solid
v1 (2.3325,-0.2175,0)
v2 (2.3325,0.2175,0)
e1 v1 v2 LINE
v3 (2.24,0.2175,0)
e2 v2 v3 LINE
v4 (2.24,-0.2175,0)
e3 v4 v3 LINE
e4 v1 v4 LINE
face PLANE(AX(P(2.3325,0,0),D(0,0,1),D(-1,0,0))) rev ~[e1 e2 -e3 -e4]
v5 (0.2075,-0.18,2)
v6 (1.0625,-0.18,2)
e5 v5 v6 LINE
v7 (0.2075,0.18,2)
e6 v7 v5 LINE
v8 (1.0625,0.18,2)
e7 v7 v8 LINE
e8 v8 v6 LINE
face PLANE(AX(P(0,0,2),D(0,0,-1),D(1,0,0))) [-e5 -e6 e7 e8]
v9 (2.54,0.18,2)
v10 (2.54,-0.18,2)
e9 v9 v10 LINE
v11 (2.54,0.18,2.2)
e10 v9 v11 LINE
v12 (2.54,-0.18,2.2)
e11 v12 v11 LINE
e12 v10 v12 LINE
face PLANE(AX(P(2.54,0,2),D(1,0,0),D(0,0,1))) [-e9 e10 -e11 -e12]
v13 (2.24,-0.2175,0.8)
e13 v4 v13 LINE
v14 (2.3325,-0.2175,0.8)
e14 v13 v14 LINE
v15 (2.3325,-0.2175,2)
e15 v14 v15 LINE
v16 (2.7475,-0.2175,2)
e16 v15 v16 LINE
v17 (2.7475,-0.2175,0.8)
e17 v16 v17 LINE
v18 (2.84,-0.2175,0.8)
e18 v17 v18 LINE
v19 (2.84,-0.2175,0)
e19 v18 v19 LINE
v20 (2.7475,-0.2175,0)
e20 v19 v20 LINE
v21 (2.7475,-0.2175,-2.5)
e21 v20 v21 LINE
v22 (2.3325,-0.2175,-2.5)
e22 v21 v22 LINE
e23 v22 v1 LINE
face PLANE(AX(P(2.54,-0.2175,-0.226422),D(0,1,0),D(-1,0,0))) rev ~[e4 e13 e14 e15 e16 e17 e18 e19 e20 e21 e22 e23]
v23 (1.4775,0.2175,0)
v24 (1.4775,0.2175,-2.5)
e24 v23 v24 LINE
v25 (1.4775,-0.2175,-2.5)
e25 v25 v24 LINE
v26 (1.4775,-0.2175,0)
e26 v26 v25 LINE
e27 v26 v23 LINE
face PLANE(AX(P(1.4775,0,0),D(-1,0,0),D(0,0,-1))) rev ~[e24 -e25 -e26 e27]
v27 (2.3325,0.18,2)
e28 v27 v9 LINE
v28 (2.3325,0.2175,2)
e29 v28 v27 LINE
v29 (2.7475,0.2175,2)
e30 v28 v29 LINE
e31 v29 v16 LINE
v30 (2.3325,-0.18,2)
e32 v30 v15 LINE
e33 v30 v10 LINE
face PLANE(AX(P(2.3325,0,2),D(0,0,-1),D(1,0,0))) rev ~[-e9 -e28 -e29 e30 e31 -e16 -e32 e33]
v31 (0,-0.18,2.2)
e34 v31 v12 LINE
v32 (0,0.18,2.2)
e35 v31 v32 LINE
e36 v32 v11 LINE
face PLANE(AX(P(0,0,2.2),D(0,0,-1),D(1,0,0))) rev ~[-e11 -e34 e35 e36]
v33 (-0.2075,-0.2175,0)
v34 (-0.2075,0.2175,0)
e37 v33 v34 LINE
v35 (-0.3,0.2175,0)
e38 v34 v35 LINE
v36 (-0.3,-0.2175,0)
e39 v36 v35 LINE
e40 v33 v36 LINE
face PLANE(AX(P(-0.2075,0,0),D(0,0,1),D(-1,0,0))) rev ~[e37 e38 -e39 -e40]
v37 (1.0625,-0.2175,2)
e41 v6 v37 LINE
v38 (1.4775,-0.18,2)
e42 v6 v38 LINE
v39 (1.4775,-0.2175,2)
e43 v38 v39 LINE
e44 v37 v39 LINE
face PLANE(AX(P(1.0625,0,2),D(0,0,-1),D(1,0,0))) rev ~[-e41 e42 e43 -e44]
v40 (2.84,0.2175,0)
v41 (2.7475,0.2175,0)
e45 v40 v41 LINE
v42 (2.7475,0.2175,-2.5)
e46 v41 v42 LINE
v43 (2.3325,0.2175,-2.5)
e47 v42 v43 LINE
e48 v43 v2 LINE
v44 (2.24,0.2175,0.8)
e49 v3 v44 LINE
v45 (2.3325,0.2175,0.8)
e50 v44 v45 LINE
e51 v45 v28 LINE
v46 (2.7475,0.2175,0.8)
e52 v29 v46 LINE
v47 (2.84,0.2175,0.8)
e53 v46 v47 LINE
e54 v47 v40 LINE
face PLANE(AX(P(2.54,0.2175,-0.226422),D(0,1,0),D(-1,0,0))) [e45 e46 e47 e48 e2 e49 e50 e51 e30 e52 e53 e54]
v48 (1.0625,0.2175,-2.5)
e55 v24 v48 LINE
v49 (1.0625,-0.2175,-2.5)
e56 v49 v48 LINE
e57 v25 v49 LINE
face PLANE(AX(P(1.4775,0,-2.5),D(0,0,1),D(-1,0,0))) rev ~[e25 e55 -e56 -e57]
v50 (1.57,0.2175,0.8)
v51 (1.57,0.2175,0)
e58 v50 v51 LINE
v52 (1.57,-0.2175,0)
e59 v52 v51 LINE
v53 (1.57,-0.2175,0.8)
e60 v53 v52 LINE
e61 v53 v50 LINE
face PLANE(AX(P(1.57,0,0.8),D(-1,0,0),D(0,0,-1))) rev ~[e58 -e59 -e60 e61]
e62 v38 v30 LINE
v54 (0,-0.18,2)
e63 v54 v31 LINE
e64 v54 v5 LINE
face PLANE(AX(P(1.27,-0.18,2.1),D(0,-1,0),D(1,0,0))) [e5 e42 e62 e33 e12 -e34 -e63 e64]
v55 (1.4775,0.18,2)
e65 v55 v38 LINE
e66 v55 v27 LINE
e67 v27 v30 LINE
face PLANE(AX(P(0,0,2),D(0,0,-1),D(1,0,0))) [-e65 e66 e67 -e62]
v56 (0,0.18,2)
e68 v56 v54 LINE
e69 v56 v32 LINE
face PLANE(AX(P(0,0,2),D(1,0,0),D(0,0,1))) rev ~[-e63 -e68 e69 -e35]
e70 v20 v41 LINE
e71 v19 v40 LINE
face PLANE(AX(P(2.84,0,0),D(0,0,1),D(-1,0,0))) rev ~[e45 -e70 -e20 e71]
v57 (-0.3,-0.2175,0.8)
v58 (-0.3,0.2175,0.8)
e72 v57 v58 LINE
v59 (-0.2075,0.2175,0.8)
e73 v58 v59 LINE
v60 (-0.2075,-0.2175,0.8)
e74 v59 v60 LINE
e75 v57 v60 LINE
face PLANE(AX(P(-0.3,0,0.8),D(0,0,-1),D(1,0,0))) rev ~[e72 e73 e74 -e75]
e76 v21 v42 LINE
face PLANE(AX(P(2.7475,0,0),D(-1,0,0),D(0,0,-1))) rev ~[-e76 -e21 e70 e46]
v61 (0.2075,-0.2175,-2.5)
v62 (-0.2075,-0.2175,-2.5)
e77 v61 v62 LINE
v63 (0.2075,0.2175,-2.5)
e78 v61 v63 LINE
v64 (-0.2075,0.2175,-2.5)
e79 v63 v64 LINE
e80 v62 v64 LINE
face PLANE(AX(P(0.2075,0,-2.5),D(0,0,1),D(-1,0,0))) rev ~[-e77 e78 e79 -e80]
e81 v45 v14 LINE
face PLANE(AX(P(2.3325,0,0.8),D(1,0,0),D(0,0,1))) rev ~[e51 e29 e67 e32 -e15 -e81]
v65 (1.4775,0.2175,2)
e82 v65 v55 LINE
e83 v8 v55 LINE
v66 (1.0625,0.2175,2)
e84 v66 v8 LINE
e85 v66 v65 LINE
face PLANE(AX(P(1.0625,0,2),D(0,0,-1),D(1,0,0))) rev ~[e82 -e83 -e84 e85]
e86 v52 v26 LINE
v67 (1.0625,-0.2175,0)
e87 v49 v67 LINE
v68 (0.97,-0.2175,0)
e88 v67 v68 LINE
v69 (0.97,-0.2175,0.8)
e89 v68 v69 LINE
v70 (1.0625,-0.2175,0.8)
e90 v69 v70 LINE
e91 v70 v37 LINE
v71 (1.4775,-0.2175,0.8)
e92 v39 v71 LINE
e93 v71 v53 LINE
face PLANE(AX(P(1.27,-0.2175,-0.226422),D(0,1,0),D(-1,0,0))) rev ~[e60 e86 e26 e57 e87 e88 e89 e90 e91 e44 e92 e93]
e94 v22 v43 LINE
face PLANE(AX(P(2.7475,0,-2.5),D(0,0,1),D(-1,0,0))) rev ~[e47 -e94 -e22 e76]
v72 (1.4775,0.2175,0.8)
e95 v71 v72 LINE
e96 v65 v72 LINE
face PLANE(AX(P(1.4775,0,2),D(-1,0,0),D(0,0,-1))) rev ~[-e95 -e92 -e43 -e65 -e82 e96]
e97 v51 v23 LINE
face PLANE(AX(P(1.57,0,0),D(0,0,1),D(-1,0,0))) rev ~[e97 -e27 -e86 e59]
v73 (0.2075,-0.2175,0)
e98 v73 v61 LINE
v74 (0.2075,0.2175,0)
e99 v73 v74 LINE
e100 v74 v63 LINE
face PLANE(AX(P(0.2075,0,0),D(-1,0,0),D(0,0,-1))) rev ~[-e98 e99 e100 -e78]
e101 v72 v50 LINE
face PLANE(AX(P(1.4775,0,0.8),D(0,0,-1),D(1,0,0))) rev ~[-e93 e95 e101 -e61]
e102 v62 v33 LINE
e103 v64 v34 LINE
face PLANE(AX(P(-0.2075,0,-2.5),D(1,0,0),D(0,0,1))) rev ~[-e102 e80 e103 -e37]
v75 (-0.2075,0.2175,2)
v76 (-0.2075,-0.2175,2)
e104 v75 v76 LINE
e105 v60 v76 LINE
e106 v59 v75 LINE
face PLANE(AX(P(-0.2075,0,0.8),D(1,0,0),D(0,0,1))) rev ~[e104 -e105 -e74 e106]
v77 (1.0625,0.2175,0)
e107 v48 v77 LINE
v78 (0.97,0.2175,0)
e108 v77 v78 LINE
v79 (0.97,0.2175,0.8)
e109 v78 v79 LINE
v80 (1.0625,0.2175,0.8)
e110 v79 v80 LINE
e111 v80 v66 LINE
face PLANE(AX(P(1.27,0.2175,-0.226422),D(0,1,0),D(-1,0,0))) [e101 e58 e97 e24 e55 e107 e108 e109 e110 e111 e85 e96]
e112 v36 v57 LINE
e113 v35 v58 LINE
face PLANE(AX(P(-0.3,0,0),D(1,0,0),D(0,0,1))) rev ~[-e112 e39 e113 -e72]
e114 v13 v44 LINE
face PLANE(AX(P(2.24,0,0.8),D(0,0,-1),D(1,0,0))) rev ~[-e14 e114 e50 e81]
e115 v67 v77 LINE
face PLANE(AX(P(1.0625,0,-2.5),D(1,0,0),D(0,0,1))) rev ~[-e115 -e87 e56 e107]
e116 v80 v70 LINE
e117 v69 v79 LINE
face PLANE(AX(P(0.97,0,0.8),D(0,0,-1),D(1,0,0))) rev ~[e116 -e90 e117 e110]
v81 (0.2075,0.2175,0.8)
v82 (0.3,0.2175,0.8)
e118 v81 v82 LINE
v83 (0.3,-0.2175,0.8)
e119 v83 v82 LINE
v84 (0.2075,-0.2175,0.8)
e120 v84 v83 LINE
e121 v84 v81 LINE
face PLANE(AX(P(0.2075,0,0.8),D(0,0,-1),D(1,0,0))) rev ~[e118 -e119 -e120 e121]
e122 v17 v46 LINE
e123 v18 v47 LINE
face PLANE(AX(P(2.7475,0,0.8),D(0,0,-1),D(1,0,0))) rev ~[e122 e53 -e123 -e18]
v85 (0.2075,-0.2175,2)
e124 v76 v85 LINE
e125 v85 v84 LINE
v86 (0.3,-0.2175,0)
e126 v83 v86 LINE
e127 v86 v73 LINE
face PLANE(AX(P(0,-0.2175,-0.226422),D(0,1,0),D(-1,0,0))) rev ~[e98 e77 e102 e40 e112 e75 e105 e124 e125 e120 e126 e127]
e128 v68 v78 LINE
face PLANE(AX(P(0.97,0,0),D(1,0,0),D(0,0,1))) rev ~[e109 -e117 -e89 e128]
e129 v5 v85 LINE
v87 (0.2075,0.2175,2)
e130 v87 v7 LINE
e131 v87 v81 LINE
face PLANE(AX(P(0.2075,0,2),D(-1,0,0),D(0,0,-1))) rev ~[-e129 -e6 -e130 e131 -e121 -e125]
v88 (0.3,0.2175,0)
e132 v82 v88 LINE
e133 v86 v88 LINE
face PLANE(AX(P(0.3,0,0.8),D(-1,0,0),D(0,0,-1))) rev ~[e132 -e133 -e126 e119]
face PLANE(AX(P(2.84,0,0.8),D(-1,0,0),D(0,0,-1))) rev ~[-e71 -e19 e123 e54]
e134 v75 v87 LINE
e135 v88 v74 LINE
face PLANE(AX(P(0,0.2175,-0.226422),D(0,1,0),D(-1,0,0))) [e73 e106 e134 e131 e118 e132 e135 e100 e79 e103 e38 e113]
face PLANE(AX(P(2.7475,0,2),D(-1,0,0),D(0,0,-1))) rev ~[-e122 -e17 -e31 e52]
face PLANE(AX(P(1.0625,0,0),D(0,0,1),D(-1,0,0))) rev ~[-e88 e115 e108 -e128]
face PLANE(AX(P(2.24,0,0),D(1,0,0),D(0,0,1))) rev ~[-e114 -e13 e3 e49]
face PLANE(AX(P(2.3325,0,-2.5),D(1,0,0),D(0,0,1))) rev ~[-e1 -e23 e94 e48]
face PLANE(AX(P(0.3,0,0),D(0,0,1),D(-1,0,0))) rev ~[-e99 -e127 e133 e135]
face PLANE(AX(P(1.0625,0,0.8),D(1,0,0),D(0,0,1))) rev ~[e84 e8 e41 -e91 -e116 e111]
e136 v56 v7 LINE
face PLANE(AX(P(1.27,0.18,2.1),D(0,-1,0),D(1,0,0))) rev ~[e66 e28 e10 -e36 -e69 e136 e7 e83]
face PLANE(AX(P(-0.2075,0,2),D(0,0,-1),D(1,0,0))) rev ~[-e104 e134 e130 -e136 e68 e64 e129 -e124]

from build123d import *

# Parameters (mm, degrees)
SKETCH001_W         = 2.54
SKETCH001_H         = 0.2
PAD001_DEPTH        = 0.18
PAD002_DEPTH        = 0.2175
LINEARPATTERN_COUNT = 3
LINEARPATTERN_PITCH = 1.27


with BuildPart() as part:
    # Sketch001 → Pad001 (new body, symmetric)
    with BuildSketch(Plane.XZ):
        with Locations((1.27, 2.1)):
            Rectangle(SKETCH001_W, SKETCH001_H)
    extrude(amount=PAD001_DEPTH, both=True)

    # Sketch002 → Pad002 (join, symmetric)
    with BuildSketch(Plane.XZ):
        Polygon((0.2075, 2), (0.2075, 0.8), (0.3, 0.8), (0.3, 0), (0.2075, 0), (0.2075, -2.5), (-0.2075, -2.5), (-0.2075, 0), (-0.3, 0), (-0.3, 0.8), (-0.2075, 0.8), (-0.2075, 2), align=None)
    pad002 = extrude(amount=PAD002_DEPTH, both=True)

    # LinearPattern: Pad002 ×3
    with Locations(*[(i * LINEARPATTERN_PITCH, 0, 0) for i in range(1, LINEARPATTERN_COUNT)]):
        add(pad002)


solid = part.part
